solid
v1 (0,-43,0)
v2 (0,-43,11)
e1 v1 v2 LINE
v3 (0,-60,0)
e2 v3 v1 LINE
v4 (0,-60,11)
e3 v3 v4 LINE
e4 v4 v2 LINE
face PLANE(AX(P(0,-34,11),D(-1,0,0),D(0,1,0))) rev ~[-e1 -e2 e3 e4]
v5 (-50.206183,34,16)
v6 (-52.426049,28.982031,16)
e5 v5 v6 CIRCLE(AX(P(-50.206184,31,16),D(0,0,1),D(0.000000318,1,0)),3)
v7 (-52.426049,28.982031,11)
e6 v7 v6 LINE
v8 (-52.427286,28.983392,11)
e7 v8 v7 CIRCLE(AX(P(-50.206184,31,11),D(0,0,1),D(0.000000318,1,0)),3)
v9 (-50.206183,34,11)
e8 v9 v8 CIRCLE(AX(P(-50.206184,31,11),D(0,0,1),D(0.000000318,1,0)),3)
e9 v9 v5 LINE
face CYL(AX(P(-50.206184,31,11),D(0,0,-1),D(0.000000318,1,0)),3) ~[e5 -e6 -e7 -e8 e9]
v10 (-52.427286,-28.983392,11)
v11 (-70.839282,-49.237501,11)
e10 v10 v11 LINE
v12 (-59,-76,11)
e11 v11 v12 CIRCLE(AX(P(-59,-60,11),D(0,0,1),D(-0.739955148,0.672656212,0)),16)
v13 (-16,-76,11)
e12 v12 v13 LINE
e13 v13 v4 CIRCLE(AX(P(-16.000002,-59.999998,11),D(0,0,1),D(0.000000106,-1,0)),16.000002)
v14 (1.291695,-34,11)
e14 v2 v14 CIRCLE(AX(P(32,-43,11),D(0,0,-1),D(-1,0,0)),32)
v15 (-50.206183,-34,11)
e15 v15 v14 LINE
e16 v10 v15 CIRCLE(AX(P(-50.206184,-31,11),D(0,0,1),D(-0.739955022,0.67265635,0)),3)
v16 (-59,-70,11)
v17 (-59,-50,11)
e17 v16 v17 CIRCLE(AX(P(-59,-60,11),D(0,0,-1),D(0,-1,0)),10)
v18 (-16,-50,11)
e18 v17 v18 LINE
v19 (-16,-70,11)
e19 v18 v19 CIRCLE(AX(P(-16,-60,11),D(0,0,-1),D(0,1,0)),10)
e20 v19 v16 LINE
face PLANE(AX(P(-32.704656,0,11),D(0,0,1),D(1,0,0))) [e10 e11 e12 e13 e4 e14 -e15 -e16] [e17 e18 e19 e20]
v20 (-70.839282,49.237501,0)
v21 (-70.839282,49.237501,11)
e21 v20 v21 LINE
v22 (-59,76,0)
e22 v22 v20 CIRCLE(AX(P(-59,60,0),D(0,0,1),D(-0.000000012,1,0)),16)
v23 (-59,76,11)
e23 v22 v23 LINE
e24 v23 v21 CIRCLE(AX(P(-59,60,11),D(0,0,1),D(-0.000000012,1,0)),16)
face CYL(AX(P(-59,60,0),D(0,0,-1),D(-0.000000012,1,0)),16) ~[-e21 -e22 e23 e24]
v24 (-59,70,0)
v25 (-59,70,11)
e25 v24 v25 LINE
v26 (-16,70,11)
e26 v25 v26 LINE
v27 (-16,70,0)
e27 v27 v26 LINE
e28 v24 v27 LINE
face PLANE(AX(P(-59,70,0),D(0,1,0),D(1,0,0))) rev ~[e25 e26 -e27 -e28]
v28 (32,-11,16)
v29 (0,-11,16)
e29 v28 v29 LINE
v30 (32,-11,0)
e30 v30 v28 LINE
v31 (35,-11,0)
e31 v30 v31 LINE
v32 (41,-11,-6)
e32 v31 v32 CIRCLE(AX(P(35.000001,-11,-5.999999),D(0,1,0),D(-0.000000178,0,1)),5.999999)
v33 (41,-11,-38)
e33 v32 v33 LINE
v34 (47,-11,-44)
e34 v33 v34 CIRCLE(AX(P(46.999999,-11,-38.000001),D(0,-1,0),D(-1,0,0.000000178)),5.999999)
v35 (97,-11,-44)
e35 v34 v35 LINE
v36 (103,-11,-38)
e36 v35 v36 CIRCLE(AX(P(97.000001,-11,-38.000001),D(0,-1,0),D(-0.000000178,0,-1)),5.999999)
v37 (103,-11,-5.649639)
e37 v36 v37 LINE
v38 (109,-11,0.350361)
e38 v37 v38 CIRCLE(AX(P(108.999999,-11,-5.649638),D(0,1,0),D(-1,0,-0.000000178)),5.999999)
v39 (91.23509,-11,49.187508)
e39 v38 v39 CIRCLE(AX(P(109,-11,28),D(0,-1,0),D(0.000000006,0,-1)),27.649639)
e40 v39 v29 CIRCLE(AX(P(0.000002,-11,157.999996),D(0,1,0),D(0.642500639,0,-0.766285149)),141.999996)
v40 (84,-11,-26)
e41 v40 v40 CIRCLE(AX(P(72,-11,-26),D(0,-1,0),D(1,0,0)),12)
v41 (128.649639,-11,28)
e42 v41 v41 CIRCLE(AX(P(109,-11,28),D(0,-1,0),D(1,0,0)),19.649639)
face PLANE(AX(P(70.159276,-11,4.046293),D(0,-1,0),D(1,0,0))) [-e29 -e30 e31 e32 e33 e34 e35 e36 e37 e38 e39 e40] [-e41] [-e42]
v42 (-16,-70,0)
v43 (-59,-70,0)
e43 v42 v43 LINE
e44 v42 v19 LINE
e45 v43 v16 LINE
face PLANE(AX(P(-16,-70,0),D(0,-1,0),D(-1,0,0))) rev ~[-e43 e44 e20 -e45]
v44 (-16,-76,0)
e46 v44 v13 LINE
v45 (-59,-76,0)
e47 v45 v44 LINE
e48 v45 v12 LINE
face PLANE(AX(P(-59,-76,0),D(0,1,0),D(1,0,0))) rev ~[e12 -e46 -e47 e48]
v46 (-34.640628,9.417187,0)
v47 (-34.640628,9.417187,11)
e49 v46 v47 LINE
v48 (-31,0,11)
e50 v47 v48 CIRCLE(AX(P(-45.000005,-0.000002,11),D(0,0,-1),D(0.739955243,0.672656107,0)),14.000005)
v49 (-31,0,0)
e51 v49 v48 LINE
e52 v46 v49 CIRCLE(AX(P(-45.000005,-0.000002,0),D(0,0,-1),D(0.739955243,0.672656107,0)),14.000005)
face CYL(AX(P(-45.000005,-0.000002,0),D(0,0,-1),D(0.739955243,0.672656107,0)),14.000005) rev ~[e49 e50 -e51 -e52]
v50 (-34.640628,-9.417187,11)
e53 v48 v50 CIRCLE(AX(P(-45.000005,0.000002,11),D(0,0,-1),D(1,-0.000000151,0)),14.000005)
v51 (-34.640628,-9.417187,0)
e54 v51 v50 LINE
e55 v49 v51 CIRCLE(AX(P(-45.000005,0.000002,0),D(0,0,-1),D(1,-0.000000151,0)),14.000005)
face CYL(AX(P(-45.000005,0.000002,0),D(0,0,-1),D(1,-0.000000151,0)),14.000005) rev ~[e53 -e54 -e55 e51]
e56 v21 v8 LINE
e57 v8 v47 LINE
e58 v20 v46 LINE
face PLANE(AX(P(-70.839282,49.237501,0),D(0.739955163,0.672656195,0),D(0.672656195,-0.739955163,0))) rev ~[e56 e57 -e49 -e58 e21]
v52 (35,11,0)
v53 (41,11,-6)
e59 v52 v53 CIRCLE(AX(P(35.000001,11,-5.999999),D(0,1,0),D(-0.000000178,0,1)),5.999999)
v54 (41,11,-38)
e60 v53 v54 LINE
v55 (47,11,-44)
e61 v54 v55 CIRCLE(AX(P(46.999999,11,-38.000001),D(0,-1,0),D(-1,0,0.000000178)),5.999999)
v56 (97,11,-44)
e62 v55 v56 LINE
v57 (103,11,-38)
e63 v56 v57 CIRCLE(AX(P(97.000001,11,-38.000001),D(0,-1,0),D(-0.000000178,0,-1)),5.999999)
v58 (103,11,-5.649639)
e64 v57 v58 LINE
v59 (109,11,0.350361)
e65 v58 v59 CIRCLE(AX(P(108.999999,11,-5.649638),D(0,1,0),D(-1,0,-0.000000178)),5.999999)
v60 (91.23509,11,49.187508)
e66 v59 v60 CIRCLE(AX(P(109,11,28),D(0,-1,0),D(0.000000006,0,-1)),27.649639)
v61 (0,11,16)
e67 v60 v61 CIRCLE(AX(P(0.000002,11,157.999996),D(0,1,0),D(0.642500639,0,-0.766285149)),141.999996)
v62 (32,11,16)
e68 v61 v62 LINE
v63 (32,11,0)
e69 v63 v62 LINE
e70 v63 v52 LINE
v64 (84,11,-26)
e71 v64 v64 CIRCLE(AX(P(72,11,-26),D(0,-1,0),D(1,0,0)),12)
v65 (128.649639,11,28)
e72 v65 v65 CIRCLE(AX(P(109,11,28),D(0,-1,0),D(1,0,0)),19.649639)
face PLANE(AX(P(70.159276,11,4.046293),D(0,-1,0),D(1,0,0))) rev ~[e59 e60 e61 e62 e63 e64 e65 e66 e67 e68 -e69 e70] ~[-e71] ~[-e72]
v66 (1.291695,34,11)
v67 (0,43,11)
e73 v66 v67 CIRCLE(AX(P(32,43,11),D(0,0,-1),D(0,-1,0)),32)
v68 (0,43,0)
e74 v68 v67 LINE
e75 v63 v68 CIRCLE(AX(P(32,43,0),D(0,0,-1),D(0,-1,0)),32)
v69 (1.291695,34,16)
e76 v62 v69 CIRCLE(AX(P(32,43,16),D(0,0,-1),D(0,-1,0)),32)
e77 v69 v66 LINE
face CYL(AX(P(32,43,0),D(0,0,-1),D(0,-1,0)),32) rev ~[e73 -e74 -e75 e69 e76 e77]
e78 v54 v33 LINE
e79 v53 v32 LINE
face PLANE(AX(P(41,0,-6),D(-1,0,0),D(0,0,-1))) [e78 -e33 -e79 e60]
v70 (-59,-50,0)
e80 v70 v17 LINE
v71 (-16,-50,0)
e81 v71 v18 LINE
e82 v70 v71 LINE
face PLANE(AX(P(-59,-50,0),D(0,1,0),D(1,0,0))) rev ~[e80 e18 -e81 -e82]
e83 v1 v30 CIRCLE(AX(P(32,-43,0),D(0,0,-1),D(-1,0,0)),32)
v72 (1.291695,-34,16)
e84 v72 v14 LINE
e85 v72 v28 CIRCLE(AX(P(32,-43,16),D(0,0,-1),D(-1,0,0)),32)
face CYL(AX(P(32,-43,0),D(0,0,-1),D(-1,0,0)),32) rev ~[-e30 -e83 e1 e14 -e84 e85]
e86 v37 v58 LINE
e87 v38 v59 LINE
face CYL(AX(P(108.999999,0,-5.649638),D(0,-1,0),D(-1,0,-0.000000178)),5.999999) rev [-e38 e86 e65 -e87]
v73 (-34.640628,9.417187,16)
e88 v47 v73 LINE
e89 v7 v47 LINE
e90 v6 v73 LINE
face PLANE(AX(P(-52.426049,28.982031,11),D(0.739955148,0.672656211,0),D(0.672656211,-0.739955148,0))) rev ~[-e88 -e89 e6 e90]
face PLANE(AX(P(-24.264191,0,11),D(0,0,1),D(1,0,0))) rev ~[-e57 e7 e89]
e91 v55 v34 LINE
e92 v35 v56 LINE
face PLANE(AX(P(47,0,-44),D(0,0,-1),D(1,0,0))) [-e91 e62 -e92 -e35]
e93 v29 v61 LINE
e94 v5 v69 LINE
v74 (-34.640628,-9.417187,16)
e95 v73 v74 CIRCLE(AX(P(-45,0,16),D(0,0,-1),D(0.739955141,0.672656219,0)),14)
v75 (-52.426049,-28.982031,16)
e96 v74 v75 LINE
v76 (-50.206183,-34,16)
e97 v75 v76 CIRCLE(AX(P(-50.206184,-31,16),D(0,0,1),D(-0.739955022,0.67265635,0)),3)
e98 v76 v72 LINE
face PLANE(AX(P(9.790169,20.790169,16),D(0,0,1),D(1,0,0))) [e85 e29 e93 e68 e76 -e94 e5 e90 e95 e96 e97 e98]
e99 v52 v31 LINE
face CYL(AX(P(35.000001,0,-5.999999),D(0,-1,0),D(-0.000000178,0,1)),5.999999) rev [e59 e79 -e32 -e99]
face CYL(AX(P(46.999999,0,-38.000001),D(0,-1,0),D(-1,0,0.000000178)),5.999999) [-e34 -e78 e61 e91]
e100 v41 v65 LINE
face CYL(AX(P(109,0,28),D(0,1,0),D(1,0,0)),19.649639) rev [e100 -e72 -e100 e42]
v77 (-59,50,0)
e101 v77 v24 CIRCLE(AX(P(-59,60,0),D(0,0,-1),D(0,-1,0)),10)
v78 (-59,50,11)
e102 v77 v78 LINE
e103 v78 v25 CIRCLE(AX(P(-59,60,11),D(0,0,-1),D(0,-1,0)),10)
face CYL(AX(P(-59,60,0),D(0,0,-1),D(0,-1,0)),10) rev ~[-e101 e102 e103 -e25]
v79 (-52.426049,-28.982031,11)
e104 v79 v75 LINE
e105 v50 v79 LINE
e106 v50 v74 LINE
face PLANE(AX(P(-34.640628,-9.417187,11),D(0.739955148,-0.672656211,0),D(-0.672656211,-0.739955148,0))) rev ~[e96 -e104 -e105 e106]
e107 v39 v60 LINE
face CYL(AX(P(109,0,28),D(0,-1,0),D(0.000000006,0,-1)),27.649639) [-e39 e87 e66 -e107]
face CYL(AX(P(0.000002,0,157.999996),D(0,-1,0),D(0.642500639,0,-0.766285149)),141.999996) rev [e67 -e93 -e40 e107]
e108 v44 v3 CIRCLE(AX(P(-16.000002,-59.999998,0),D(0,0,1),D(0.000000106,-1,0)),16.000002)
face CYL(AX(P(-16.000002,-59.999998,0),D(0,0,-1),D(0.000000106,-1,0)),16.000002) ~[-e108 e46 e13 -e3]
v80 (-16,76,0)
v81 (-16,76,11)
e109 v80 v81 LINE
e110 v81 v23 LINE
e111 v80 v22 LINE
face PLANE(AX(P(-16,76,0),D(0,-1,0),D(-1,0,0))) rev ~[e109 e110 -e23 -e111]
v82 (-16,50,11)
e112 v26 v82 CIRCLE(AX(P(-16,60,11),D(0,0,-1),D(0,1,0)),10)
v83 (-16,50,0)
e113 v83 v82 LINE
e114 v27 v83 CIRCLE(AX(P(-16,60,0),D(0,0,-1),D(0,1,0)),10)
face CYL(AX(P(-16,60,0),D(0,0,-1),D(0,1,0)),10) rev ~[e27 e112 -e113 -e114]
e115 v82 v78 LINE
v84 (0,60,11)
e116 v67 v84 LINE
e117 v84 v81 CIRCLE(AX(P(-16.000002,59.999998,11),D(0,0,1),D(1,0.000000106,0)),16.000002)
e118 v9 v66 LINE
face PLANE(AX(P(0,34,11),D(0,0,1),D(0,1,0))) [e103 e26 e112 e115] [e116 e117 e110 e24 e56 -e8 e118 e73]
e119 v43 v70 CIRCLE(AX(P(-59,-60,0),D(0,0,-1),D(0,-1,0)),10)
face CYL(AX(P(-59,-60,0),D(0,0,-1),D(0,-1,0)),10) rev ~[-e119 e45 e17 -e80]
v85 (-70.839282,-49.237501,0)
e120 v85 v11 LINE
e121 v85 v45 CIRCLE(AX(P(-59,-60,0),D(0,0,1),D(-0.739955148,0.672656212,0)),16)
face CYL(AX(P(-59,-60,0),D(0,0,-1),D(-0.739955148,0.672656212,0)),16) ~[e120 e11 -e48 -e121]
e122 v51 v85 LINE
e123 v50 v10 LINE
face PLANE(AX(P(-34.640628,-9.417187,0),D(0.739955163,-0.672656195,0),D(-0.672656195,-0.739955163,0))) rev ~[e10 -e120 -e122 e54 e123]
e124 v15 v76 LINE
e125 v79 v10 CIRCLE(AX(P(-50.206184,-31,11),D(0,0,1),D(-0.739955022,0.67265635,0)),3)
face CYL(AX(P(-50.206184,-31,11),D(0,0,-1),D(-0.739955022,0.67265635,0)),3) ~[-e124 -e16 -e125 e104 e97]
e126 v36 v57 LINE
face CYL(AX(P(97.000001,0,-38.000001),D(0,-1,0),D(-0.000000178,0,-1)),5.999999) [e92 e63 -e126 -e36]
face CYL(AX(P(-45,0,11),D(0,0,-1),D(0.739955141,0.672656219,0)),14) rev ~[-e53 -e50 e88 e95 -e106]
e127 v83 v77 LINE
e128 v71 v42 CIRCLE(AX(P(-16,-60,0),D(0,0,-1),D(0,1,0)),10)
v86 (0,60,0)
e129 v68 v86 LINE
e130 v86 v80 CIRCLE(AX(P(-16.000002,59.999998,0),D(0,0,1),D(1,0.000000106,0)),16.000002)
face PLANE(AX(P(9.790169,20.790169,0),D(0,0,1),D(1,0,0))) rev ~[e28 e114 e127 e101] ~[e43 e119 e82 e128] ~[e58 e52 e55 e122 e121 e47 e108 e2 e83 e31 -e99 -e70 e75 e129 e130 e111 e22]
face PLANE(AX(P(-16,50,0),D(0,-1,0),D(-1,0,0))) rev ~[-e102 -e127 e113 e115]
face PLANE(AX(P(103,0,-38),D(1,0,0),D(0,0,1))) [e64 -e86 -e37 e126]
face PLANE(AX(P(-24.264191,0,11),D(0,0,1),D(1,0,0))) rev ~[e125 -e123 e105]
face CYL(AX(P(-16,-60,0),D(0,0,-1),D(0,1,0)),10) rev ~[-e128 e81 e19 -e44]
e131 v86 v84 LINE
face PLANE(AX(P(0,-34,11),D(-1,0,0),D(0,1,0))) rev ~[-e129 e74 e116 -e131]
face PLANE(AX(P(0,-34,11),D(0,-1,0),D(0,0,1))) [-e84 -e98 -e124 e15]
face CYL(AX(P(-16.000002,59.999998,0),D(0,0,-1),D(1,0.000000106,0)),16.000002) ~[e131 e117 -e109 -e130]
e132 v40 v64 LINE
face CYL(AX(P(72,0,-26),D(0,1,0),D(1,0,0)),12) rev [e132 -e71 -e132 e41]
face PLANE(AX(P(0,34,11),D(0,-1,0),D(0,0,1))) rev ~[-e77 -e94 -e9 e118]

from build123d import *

# Parameters (mm, degrees)
F1_DEPTH = 11
F3_DEPTH = 5
F4_R     = 12
F4_R_2   = 19.649639
F5_DEPTH = 11
F7_DEPTH = 16
F8_W     = 9
F8_H     = 5
F9_DEPTH = 136.650639


with BuildPart() as f1:
    # F0 (on Top) → F1 (new body)
    with BuildSketch(Plane.XY):
        with BuildLine():
            Line((-16, 76), (-59, 76))
            ThreePointArc((-59, 76), (-73.632156, 66.473021), (-70.839282, 49.237501))
            Line((-70.839282, 49.237501), (-34.640628, 9.417187))
            ThreePointArc((-34.640628, 9.417187), (-31.941838, 5.048207), (-31, 0))
            ThreePointArc((-31, 0), (-31.941838, -5.048207), (-34.640628, -9.417187))
            Line((-34.640628, -9.417187), (-70.839282, -49.237501))
            ThreePointArc((-70.839282, -49.237501), (-73.632156, -66.473021), (-59, -76))
            Line((-59, -76), (-16, -76))
            ThreePointArc((-16, -76), (-4.686292, -71.313708), (0, -60))
            Line((0, -60), (0, 0))
            Line((0, 0), (0, 60))
            ThreePointArc((0, 60), (-4.686292, 71.313708), (-16, 76))
        make_face()
        with BuildLine():
            Line((-59, -50), (-16, -50))
            ThreePointArc((-16, -50), (-6, -60), (-16, -70))
            Line((-16, -70), (-59, -70))
            ThreePointArc((-59, -70), (-69, -60), (-59, -50))
        make_face(mode=Mode.SUBTRACT)
        with BuildLine():
            ThreePointArc((-59, 50), (-69, 60), (-59, 70))
            Line((-59, 70), (-16, 70))
            ThreePointArc((-16, 70), (-6, 60), (-16, 50))
            Line((-16, 50), (-59, 50))
        make_face(mode=Mode.SUBTRACT)
    extrude(amount=F1_DEPTH)

    # F2 (on face) → F3 (join)
    with BuildSketch(Plane.XY.offset(11)):
        with BuildLine():
            ThreePointArc((-50.206183, 34), (-52.949713, 32.213692), (-52.426049, 28.982031))
            Line((-52.426049, 28.982031), (-34.640628, 9.417187))
            ThreePointArc((-34.640628, 9.417187), (-31, 0), (-34.640628, -9.417187))
            Line((-34.640628, -9.417187), (-52.426049, -28.982031))
            ThreePointArc((-52.426049, -28.982031), (-52.949713, -32.213692), (-50.206183, -34))
            Line((-50.206183, -34), (0, -34))
            Line((0, -34), (0, 34))
            Line((0, 34), (-50.206183, 34))
        make_face()
    extrude(amount=F3_DEPTH)

    # F4 (on Front) → F5 (join, symmetric)
    with BuildSketch(Plane.XZ):
        with BuildLine():
            Line((0, 16), (0, 0))
            Line((0, 0), (35, 0))
            ThreePointArc((35, 0), (39.242641, -1.757359), (41, -6))
            Line((41, -6), (41, -38))
            ThreePointArc((41, -38), (42.757359, -42.242641), (47, -44))
            Line((47, -44), (97, -44))
            ThreePointArc((97, -44), (101.242641, -42.242641), (103, -38))
            Line((103, -38), (103, -5.649639))
            ThreePointArc((103, -5.649639), (104.757359, -1.406998), (109, 0.350361))
            ThreePointArc((109, 0.350361), (134.983932, 37.451867), (91.23509, 49.187508))
            ThreePointArc((91.23509, 49.187508), (48.541869, 24.554554), (0, 16))
        make_face()
        with Locations((72, -26)):
            Circle(F4_R, mode=Mode.SUBTRACT)
        with Locations((109, 28)):
            Circle(F4_R_2, mode=Mode.SUBTRACT)
    extrude(amount=F5_DEPTH, both=True)

    # F6 (on Top) → F7 (join, through all)
    with BuildSketch(Plane.XY):
        with BuildLine():
            ThreePointArc((32, 11), (9.372583, 20.372583), (0, 43))
            Line((0, 43), (0, 34))
            Line((0, 34), (0, 11))
            Line((0, 11), (32, 11))
        make_face()
        with BuildLine():
            Line((0, -34), (0, -43))
            ThreePointArc((0, -43), (9.372583, -20.372583), (32, -11))
            Line((32, -11), (0, -11))
            Line((0, -11), (0, -34))
        make_face()
    extrude(amount=F7_DEPTH)

    # F8 (on Right) → F9 (cut, through all)
    with BuildSketch(Plane.YZ):
        with Locations((38.5, 13.5)):
            Rectangle(F8_W, F8_H)
        with Locations((-38.5, 13.5)):
            Rectangle(F8_W, F8_H)
    extrude(amount=F9_DEPTH, mode=Mode.SUBTRACT)


solid = f1.part
